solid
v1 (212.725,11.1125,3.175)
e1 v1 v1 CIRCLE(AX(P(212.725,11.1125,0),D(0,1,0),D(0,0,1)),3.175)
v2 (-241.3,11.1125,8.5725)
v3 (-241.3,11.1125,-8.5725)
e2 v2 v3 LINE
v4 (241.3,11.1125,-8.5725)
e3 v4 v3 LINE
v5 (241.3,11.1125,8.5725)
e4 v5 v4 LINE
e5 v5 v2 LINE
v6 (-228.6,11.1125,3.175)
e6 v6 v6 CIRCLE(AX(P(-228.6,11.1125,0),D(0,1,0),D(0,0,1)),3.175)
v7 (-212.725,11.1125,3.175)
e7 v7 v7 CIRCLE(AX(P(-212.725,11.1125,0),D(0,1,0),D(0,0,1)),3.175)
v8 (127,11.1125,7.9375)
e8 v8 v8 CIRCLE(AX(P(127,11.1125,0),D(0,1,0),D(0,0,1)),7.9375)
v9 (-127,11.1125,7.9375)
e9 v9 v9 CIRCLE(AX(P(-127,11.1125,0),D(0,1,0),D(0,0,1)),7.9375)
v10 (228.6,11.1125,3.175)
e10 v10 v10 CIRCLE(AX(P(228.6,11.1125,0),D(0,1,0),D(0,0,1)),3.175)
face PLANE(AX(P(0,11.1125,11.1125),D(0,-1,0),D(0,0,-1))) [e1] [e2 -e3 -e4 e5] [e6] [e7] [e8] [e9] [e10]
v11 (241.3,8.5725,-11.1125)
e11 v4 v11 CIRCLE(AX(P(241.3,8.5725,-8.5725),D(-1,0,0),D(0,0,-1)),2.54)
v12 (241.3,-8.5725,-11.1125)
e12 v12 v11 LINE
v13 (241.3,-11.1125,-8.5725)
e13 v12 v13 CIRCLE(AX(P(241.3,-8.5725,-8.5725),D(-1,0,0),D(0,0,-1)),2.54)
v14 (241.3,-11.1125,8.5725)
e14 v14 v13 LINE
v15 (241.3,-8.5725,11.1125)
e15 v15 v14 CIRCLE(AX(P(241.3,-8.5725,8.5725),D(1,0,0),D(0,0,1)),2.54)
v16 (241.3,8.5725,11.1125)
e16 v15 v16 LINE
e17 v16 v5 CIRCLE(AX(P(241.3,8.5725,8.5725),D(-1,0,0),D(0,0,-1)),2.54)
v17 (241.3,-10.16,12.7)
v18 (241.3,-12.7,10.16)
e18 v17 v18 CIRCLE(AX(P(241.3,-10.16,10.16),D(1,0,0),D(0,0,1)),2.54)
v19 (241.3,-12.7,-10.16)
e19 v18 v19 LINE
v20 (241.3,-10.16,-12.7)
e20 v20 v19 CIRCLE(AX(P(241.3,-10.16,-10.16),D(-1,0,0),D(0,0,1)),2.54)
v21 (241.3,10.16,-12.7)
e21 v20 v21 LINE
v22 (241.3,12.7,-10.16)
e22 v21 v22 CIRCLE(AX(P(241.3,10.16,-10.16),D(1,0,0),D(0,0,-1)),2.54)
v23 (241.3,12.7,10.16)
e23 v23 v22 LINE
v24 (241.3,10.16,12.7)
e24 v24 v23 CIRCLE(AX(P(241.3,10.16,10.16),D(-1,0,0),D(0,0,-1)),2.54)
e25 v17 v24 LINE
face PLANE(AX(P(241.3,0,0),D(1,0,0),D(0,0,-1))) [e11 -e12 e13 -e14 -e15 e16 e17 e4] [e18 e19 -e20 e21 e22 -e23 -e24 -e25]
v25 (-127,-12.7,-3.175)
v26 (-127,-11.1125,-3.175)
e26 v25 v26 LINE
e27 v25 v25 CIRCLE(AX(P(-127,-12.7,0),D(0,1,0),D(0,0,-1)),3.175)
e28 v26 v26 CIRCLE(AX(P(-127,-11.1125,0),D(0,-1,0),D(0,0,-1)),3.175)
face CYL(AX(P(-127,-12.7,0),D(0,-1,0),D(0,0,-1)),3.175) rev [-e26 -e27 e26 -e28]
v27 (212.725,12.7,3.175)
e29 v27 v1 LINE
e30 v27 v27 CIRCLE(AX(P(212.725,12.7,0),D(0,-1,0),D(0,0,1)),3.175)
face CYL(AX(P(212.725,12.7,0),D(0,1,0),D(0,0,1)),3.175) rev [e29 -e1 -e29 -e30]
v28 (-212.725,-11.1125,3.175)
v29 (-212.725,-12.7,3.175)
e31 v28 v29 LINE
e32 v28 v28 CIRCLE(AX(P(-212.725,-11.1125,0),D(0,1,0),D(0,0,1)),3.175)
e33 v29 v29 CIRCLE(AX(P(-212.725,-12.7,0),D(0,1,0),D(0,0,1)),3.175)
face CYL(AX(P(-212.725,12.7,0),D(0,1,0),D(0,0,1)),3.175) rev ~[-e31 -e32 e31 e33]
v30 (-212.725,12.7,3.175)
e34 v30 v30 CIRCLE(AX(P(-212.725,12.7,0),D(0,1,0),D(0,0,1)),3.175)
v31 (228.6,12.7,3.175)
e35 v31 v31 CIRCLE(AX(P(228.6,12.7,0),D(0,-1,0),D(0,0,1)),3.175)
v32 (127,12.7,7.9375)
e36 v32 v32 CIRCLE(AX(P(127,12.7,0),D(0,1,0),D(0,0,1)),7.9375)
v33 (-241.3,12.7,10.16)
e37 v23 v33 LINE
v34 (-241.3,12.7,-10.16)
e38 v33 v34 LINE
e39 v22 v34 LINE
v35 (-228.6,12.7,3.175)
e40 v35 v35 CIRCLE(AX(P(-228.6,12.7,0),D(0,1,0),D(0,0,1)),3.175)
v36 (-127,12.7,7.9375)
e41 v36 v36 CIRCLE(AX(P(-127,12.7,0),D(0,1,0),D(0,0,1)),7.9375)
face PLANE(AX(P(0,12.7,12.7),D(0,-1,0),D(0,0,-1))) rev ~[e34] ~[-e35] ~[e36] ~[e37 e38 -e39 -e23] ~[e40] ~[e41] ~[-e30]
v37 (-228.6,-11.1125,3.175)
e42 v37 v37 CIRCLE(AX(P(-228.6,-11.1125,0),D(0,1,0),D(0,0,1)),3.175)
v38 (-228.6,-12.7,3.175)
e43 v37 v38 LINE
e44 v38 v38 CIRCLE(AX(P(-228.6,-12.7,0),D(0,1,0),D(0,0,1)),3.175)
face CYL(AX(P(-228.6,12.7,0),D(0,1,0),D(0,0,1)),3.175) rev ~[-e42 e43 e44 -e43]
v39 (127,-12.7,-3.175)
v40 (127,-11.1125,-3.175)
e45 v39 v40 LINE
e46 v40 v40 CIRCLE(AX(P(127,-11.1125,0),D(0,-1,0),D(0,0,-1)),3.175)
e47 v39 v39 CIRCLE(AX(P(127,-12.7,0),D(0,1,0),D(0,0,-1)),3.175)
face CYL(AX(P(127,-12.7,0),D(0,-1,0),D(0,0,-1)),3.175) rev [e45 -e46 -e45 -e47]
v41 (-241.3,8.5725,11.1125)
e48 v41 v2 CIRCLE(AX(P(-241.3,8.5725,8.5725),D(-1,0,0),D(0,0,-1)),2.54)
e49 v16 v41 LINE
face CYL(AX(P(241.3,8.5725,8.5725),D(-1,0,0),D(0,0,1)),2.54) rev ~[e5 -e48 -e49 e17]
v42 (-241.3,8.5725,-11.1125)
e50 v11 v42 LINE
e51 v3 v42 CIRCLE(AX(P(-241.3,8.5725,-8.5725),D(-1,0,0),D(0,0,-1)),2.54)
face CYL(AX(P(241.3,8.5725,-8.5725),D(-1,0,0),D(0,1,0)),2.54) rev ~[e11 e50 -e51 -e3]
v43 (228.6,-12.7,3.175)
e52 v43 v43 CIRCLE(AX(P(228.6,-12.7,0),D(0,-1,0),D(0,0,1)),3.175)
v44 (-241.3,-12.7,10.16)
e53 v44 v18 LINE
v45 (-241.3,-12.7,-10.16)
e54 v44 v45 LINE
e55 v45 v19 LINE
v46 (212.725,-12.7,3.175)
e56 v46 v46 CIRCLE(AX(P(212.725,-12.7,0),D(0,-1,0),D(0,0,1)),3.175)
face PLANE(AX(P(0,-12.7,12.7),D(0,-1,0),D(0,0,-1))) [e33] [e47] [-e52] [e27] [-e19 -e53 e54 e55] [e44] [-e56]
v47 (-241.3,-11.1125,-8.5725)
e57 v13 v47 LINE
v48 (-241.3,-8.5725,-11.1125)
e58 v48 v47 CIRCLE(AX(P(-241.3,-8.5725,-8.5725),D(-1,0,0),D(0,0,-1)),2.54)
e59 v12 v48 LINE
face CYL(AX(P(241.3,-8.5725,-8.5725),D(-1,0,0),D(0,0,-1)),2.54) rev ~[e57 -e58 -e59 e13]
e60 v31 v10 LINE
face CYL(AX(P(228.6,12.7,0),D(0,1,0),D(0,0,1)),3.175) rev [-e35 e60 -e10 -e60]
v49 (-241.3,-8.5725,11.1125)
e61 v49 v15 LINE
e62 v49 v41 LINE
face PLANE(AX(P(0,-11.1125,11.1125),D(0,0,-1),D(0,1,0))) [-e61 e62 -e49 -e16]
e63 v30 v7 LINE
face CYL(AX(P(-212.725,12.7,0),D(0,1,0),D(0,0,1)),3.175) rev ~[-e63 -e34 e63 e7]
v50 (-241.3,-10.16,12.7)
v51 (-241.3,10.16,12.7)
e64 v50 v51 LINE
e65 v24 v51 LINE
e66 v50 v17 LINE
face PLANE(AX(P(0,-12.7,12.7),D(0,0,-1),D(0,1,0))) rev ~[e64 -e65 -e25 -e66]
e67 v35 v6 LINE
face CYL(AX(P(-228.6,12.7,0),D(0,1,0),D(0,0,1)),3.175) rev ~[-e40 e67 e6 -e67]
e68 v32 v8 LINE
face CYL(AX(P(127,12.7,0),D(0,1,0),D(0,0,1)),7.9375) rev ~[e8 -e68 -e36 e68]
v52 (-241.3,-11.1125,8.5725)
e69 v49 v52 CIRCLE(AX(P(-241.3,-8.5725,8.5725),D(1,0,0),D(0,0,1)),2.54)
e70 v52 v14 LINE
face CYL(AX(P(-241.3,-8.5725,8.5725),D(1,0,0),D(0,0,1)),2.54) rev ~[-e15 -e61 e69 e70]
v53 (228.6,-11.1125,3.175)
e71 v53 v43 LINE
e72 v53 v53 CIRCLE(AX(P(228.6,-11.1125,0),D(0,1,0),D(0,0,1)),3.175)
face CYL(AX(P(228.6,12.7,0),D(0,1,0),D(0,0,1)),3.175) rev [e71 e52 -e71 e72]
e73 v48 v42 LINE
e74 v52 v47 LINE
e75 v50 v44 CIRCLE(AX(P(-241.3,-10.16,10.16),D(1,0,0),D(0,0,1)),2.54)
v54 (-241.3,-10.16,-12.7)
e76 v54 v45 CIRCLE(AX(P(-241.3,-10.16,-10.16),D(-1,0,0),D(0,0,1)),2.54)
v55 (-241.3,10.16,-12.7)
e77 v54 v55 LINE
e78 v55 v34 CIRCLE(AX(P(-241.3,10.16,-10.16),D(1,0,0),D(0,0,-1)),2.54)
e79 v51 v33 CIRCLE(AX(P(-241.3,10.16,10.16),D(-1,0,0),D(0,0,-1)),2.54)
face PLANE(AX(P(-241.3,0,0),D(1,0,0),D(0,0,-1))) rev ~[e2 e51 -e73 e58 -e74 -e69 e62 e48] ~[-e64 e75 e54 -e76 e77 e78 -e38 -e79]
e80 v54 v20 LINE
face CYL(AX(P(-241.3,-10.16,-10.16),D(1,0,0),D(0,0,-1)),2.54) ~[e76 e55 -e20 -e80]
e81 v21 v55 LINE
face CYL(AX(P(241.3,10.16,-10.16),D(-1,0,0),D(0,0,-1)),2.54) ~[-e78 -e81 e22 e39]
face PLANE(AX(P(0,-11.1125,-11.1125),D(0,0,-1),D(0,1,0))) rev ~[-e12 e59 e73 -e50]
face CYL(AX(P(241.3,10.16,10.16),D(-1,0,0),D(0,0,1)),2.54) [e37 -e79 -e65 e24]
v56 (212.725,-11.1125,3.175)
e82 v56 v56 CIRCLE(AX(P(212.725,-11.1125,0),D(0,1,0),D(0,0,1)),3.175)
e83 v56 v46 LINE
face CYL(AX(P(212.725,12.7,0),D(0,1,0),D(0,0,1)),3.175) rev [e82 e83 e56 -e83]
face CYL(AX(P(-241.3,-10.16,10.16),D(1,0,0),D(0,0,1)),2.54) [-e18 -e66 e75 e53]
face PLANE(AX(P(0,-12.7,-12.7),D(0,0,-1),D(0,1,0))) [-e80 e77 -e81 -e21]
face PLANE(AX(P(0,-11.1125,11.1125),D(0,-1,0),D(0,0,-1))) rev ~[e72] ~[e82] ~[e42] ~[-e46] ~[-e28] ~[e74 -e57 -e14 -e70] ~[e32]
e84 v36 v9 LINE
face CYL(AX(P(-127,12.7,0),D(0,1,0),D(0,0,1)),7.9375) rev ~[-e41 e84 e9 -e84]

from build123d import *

# Parameters (mm, degrees)
SKETCH1_W           = 25.4
SKETCH1_H           = 25.4
SKETCH1_W_2         = 22.225
SKETCH1_H_2         = 22.225
BOSS_EXTRUDE1_DEPTH = 241.3
FILLET1_R           = 2.54
CUT_EXTRUDE1_REACH  = 244.965
SKETCH2_R           = 3.175
CUT_EXTRUDE2_REACH  = 244.965
SKETCH3_R           = 7.9375
CUT_EXTRUDE3_REACH  = 244.965
SKETCH4_R           = 3.175


with BuildPart() as part:
    # Sketch1 → Boss-Extrude1 (new, symmetric)
    with BuildSketch(Plane(origin=(0, 0, 0), x_dir=(0, 0, -1), z_dir=(1, 0, 0))):
        Rectangle(SKETCH1_W, SKETCH1_H)
        Rectangle(SKETCH1_W_2, SKETCH1_H_2, mode=Mode.SUBTRACT)
    extrude(amount=BOSS_EXTRUDE1_DEPTH, both=True)

    # Fillet1
    fillet1_edges = [part.edges().sort_by_distance(p)[0] for p in [
        (0, -11.1125, -11.1125),
        (0, 11.1125, -11.1125),
        (0, 11.1125, 11.1125),
        (0, -11.1125, 11.1125),
        (0, -12.7, -12.7),
        (0, -12.7, 12.7),
        (0, 12.7, 12.7),
        (0, 12.7, -12.7),
    ]]
    fillet(fillet1_edges, radius=FILLET1_R)

    # Sketch2 → Cut-Extrude1 (cut, up to next)
    with BuildSketch(Plane(origin=(0, -12.7, 0), x_dir=(1, 0, 0), z_dir=(0, 1, 0)), mode=Mode.PRIVATE) as cut_extrude1_sk1:
        with Locations(Location((127, 0, 0), (0, 0, 90))):
            Circle(SKETCH2_R)
    cut_extrude1_tool1 = extrude(cut_extrude1_sk1.sketch, amount=CUT_EXTRUDE1_REACH, mode=Mode.PRIVATE) & part.part
    # Sketch2 → Cut-Extrude1 (cut, up to next)
    with BuildSketch(Plane(origin=(0, -12.7, 0), x_dir=(1, 0, 0), z_dir=(0, 1, 0)), mode=Mode.PRIVATE) as cut_extrude1_sk2:
        with Locations(Location((-127, 0, 0), (0, 0, 90))):
            Circle(SKETCH2_R)
    cut_extrude1_tool2 = extrude(cut_extrude1_sk2.sketch, amount=CUT_EXTRUDE1_REACH, mode=Mode.PRIVATE) & part.part
    add(cut_extrude1_tool1.solids().sort_by_distance((127, -12.7, 0))[0], mode=Mode.SUBTRACT)
    add(cut_extrude1_tool2.solids().sort_by_distance((-127, -12.7, 0))[0], mode=Mode.SUBTRACT)

    # Sketch3 → Cut-Extrude2 (cut, up to next)
    with BuildSketch(Plane(origin=(0, 12.7, 0), x_dir=(1, 0, 0), z_dir=(0, 1, 0)), mode=Mode.PRIVATE) as cut_extrude2_sk1:
        with Locations(Location((-127, 0, 0), (0, 0, 270))):
            Circle(SKETCH3_R)
    cut_extrude2_tool1 = extrude(cut_extrude2_sk1.sketch, amount=-CUT_EXTRUDE2_REACH, mode=Mode.PRIVATE) & part.part
    # Sketch3 → Cut-Extrude2 (cut, up to next)
    with BuildSketch(Plane(origin=(0, 12.7, 0), x_dir=(1, 0, 0), z_dir=(0, 1, 0)), mode=Mode.PRIVATE) as cut_extrude2_sk2:
        with Locations(Location((127, 0, 0), (0, 0, 270))):
            Circle(SKETCH3_R)
    cut_extrude2_tool2 = extrude(cut_extrude2_sk2.sketch, amount=-CUT_EXTRUDE2_REACH, mode=Mode.PRIVATE) & part.part
    add(cut_extrude2_tool1.solids().sort_by_distance((-127, 12.7, 0))[0], mode=Mode.SUBTRACT)
    add(cut_extrude2_tool2.solids().sort_by_distance((127, 12.7, 0))[0], mode=Mode.SUBTRACT)

    # Cut-Extrude3: up to this face of the body (flat: up to its plane)
    cut_extrude3_end = Plane(part.part.faces().sort_by_distance((0, -12.7, 0))[0])
    # Sketch4 → Cut-Extrude3 (cut, up to the picked face)
    with BuildSketch(Plane(origin=(0, 12.7, 0), x_dir=(1, 0, 0), z_dir=(0, 1, 0)), mode=Mode.PRIVATE) as cut_extrude3_sk1:
        with Locations(Location((-228.6, 0, 0), (0, 0, 270))):
            Circle(SKETCH4_R)
    cut_extrude3_tool1 = split(extrude(cut_extrude3_sk1.sketch, amount=-CUT_EXTRUDE3_REACH, mode=Mode.PRIVATE), bisect_by=cut_extrude3_end, keep=Keep.BOTH, mode=Mode.PRIVATE)
    # Sketch4 → Cut-Extrude3 (cut, up to the picked face)
    with BuildSketch(Plane(origin=(0, 12.7, 0), x_dir=(1, 0, 0), z_dir=(0, 1, 0)), mode=Mode.PRIVATE) as cut_extrude3_sk2:
        with Locations(Location((-212.725, 0, 0), (0, 0, 270))):
            Circle(SKETCH4_R)
    cut_extrude3_tool2 = split(extrude(cut_extrude3_sk2.sketch, amount=-CUT_EXTRUDE3_REACH, mode=Mode.PRIVATE), bisect_by=cut_extrude3_end, keep=Keep.BOTH, mode=Mode.PRIVATE)
    cut_extrude3_1 = cut_extrude3_tool1.solids().sort_by(Axis((-228.6, 12.7, 0), (0, -1, 0)))[0]
    add(cut_extrude3_1, mode=Mode.SUBTRACT)
    cut_extrude3_2 = cut_extrude3_tool2.solids().sort_by(Axis((-212.725, 12.7, 0), (0, -1, 0)))[0]
    add(cut_extrude3_2, mode=Mode.SUBTRACT)
    cut_extrude3 = cut_extrude3_1 + cut_extrude3_2  # Cut-Extrude3 as one shape, for the pattern or mirror that repeats it

    # Mirror1: Cut-Extrude3 across plane
    add(cut_extrude3.mirror(Plane(origin=(0, 0, 0), x_dir=(0, 0, 1), z_dir=(1, 0, 0))), mode=Mode.SUBTRACT)


solid = part.part
